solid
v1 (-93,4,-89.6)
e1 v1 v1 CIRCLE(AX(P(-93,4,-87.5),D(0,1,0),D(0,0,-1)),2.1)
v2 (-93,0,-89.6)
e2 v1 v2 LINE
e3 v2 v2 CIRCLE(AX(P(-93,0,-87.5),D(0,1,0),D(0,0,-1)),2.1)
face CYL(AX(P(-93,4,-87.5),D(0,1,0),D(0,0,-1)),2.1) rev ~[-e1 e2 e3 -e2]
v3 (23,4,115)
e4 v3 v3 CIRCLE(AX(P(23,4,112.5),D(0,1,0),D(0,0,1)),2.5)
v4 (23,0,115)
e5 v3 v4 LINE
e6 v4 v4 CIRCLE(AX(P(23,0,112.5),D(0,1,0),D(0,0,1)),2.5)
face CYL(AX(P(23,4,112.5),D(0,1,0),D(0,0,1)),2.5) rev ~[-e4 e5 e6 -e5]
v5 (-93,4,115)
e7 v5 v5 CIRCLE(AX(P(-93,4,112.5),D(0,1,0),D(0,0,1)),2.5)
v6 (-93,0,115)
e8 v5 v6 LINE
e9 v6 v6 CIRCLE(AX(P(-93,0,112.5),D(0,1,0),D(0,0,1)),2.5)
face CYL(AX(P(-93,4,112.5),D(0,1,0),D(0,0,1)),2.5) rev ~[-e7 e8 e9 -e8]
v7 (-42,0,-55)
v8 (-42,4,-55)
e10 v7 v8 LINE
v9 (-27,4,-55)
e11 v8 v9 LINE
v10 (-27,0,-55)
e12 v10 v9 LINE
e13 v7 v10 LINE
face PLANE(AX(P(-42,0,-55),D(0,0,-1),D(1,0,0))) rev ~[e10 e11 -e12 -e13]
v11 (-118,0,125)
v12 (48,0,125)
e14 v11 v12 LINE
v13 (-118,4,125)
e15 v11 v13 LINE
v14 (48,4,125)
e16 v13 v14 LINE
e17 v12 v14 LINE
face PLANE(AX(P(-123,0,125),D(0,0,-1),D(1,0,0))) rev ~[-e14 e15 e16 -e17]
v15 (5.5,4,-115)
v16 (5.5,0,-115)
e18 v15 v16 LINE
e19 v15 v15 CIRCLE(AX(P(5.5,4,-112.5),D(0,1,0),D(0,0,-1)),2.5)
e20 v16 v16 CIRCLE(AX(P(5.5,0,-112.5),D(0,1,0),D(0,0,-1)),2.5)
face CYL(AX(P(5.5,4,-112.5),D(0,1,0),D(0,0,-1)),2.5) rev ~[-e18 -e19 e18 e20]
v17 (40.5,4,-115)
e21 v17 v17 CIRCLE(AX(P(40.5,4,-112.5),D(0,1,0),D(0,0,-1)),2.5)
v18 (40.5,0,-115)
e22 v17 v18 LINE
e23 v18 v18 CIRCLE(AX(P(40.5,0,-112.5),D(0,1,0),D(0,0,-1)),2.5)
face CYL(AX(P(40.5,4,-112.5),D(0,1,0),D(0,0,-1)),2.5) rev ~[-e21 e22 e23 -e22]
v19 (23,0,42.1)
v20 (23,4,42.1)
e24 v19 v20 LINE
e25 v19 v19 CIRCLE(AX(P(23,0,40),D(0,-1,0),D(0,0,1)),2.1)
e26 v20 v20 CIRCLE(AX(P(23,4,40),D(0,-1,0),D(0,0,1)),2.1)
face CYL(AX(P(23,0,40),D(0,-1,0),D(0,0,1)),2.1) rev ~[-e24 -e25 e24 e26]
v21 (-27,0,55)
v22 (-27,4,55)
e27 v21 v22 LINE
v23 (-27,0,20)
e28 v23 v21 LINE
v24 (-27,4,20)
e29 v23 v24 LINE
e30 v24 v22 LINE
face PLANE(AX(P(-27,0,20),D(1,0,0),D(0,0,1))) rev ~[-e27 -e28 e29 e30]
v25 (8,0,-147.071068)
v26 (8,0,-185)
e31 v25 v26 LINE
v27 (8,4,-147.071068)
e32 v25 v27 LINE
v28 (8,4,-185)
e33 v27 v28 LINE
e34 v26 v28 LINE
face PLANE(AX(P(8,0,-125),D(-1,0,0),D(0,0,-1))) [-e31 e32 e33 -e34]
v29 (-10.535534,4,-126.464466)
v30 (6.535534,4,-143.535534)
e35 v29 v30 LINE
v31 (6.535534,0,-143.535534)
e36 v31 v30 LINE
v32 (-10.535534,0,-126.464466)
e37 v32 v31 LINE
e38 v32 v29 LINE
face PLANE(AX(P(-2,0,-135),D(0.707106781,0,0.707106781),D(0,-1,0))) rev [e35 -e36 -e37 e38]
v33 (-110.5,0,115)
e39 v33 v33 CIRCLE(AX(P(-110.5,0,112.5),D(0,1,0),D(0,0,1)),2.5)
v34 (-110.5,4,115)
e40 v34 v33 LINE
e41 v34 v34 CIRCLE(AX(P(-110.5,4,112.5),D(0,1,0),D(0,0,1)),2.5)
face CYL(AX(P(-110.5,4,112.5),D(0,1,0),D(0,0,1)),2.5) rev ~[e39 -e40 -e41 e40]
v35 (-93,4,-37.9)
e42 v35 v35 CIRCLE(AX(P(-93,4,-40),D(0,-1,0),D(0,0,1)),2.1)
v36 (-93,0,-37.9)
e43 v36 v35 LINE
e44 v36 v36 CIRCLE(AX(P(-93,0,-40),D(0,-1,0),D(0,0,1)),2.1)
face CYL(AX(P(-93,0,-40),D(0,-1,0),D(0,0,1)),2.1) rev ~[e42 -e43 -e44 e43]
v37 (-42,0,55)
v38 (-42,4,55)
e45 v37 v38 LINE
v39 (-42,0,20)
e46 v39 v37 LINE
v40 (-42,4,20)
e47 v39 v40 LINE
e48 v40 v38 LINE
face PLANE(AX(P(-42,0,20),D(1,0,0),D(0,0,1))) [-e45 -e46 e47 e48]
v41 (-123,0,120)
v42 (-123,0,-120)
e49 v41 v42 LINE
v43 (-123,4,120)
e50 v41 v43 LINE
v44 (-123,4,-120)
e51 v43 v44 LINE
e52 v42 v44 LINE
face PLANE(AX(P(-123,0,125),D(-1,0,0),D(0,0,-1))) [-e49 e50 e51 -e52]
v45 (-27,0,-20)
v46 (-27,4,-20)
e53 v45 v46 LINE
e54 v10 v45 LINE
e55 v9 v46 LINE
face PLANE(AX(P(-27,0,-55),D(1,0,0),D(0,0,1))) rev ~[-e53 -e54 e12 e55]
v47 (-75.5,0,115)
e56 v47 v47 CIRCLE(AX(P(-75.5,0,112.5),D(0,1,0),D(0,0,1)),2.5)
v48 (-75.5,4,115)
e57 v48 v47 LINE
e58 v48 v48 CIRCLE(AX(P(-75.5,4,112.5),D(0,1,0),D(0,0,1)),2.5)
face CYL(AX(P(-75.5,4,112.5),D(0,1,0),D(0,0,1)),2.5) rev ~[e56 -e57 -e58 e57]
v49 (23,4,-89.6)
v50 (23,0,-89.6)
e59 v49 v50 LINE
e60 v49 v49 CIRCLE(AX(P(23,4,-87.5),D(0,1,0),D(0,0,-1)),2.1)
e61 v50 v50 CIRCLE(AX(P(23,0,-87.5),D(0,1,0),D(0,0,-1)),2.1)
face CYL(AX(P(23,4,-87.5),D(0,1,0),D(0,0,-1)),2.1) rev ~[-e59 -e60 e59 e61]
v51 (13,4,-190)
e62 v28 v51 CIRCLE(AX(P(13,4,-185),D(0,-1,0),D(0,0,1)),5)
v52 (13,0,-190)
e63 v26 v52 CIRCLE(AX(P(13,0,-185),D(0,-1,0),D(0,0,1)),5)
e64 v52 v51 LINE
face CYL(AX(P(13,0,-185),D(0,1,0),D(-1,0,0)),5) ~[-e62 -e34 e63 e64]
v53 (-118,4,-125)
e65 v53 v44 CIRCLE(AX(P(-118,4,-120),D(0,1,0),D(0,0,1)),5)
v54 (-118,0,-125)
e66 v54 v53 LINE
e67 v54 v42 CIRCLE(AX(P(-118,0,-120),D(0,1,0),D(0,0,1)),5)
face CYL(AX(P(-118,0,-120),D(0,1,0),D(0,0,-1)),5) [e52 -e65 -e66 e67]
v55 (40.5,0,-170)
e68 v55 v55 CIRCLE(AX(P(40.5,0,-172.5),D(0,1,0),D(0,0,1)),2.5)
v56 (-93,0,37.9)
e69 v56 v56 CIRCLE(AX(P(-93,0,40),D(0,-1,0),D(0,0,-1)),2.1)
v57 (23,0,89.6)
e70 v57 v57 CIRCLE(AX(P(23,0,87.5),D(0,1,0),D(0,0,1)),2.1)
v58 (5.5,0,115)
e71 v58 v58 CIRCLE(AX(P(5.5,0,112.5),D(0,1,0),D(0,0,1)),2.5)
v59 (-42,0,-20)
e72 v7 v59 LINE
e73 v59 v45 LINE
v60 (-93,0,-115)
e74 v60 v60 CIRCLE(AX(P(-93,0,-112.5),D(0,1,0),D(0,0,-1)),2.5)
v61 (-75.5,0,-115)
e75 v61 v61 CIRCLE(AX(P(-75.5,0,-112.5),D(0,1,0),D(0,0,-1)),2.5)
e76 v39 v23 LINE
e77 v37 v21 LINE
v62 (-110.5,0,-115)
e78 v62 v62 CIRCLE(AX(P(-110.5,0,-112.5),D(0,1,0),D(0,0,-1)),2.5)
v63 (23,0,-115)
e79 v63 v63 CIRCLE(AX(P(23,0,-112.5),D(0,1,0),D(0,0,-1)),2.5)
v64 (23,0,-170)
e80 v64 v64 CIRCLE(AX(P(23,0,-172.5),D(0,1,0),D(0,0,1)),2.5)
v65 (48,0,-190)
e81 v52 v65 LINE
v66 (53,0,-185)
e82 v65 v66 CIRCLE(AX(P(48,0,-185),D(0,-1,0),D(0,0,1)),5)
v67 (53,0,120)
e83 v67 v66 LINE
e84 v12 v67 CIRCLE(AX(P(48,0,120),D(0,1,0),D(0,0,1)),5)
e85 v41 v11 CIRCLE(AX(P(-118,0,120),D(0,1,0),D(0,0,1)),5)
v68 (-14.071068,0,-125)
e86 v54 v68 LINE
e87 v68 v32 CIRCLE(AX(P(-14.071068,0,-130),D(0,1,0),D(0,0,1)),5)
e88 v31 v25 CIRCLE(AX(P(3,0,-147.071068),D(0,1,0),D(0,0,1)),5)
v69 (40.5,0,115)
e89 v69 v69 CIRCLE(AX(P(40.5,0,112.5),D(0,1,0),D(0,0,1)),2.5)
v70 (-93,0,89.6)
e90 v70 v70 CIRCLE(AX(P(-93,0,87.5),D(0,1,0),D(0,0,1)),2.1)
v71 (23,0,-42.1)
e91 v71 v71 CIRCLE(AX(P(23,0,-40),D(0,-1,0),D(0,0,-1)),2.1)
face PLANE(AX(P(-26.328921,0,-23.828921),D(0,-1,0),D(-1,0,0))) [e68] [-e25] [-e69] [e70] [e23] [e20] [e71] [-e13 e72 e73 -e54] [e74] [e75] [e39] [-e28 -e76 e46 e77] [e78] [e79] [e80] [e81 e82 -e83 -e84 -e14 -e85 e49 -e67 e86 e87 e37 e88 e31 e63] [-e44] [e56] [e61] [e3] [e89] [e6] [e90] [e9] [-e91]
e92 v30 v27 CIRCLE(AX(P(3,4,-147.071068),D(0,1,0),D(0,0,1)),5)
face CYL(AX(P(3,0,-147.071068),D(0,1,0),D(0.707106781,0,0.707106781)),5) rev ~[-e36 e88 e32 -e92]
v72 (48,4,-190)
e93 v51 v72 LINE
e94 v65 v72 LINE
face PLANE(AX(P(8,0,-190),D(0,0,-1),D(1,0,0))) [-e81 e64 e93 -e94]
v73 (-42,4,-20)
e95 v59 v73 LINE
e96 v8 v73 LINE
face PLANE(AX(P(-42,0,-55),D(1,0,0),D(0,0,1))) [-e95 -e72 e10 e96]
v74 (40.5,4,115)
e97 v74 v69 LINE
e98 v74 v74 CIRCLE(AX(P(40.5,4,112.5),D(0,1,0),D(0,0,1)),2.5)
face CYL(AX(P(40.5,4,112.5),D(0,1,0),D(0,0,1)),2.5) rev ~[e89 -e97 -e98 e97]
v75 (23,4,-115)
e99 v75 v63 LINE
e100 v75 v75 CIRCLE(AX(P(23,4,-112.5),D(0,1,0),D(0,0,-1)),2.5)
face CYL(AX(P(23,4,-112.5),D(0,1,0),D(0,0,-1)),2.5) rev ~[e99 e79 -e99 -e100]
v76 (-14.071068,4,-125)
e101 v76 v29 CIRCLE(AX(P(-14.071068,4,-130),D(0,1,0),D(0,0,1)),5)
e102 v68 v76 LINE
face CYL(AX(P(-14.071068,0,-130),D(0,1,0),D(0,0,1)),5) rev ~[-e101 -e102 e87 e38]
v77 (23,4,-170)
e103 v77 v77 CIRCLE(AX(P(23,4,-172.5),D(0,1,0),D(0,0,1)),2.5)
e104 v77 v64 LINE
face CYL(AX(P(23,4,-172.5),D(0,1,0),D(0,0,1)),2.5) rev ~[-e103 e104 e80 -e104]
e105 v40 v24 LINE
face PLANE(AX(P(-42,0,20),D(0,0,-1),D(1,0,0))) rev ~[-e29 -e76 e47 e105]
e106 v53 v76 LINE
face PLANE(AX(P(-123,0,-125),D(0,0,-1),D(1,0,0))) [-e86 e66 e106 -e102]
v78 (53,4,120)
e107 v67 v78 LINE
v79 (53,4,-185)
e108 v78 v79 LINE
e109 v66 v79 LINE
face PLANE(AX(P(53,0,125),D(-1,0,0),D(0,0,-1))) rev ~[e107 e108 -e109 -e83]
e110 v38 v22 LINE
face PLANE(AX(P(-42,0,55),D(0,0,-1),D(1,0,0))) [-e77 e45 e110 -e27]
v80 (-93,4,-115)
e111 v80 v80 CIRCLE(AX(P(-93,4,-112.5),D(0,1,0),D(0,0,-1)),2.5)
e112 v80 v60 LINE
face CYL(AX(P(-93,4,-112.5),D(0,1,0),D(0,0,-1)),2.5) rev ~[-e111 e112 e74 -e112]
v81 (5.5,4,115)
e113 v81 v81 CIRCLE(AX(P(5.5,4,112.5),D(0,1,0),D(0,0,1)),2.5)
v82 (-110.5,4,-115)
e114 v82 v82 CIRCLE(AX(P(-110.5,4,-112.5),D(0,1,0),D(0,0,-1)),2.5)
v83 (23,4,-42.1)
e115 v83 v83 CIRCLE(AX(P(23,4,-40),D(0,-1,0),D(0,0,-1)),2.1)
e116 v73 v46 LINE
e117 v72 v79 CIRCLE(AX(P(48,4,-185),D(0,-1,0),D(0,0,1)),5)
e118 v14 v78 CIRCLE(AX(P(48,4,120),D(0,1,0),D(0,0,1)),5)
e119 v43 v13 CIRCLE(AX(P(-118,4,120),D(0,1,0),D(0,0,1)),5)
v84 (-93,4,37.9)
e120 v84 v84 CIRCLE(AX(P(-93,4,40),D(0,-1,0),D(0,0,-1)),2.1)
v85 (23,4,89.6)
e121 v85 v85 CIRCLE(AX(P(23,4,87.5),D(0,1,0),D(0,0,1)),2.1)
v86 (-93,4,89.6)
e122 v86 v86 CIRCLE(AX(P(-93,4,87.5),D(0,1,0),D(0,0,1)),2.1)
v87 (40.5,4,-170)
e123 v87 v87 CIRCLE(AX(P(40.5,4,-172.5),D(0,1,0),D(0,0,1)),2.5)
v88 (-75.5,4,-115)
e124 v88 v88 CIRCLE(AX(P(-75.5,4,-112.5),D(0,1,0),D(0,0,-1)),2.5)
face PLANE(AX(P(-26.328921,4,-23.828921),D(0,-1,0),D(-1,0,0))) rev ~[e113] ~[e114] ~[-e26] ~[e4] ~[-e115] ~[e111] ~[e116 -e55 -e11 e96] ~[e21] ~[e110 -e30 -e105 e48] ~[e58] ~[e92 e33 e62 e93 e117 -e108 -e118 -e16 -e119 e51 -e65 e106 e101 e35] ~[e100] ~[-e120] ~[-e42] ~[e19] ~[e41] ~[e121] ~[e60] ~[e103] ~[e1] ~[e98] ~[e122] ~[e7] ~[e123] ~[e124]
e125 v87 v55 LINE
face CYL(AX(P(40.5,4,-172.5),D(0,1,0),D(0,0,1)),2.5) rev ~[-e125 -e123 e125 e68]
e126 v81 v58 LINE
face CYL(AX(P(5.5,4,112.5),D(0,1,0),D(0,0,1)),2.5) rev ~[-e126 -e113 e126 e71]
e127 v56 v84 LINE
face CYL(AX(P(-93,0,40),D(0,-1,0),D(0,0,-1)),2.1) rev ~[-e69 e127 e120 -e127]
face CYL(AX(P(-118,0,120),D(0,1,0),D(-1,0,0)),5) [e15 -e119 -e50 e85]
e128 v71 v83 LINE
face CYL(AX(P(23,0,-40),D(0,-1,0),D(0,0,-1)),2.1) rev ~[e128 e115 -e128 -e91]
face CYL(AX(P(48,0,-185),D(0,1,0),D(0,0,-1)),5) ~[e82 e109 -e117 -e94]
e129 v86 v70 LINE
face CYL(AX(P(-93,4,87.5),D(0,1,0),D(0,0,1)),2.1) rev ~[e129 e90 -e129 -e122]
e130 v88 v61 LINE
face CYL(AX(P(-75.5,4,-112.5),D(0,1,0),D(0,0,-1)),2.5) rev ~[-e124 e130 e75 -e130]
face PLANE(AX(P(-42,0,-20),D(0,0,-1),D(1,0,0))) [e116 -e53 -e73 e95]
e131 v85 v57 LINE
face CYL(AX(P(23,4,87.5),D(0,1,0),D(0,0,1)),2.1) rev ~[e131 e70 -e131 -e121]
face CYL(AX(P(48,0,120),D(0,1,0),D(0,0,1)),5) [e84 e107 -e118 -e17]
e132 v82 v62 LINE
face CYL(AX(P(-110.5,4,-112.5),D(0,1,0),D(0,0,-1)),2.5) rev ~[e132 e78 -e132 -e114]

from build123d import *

# Parameters (mm, degrees)
BOSS_EXTRUDE1_DEPTH = 4
SKETCH2_R           = 2.5
SKETCH2_R_2         = 2.1
CUT_EXTRUDE1_DEPTH  = 227.373585031
SKETCH3_W           = 15
SKETCH3_H           = 35
CUT_EXTRUDE2_DEPTH  = 227.373585031
SKETCH4_R           = 2.1
CUT_EXTRUDE3_DEPTH  = 10
CHAMFER1_SIZE       = 20
FILLET1_R           = 5


with BuildPart() as part:
    # Sketch1 → Boss-Extrude1 (new body)
    with BuildSketch(Plane(origin=(0, 0, 0), x_dir=(1, 0, 0), z_dir=(0, 1, 0))):
        Polygon((-123, 125), (8, 125), (8, 190), (53, 190), (53, 125), (53, -125), (-53, -125), (-123, -125), align=None)
    extrude(amount=BOSS_EXTRUDE1_DEPTH)

    # Sketch2 → Cut-Extrude1 (cut, through all)
    with BuildSketch(Plane(origin=(0, 4, 0), x_dir=(1, 0, 0), z_dir=(0, 1, 0))):
        with Locations(Location((-110.5, -112.5, 0), (0, 0, 270))):
            Circle(SKETCH2_R)
        with Locations(Location((-75.5, -112.5, 0), (0, 0, 270))):
            Circle(SKETCH2_R)
        with Locations(Location((-93, -112.5, 0), (0, 0, 270))):
            Circle(SKETCH2_R)
        with Locations(Location((-93, -87.5, 0), (0, 0, 270))):
            Circle(SKETCH2_R_2)
        with Locations(Location((5.5, -112.5, 0), (0, 0, 270))):
            Circle(SKETCH2_R)
        with Locations(Location((23, -112.5, 0), (0, 0, 270))):
            Circle(SKETCH2_R)
        with Locations(Location((40.5, -112.5, 0), (0, 0, 270))):
            Circle(SKETCH2_R)
        with Locations(Location((23, -87.5, 0), (0, 0, 270))):
            Circle(SKETCH2_R_2)
        with Locations(Location((23, 87.5, 0), (0, 0, 90))):
            Circle(SKETCH2_R_2)
        with Locations(Location((40.5, 112.5, 0), (0, 0, 90))):
            Circle(SKETCH2_R)
        with Locations(Location((23, 112.5, 0), (0, 0, 90))):
            Circle(SKETCH2_R)
        with Locations(Location((5.5, 112.5, 0), (0, 0, 90))):
            Circle(SKETCH2_R)
        with Locations(Location((-93, 87.5, 0), (0, 0, 90))):
            Circle(SKETCH2_R_2)
        with Locations(Location((-93, 112.5, 0), (0, 0, 90))):
            Circle(SKETCH2_R)
        with Locations(Location((-75.5, 112.5, 0), (0, 0, 90))):
            Circle(SKETCH2_R)
        with Locations(Location((-110.5, 112.5, 0), (0, 0, 90))):
            Circle(SKETCH2_R)
        with Locations(Location((40.5, 172.5, 0), (0, 0, 270))):
            Circle(SKETCH2_R)
        with Locations(Location((23, 172.5, 0), (0, 0, 270))):
            Circle(SKETCH2_R)
    extrude(amount=-CUT_EXTRUDE1_DEPTH, mode=Mode.SUBTRACT)

    # Sketch3 → Cut-Extrude2 (cut, through all)
    with BuildSketch(Plane.XZ):
        with Locations((-34.5, 37.5)):
            Rectangle(SKETCH3_W, SKETCH3_H)
        with Locations((-34.5, -37.5)):
            Rectangle(SKETCH3_W, SKETCH3_H)
    extrude(amount=-CUT_EXTRUDE2_DEPTH, mode=Mode.SUBTRACT)

    # Sketch4 → Cut-Extrude3 (cut)
    with BuildSketch(Plane.XZ):
        with Locations(Location((-93, 40, 0), (0, 0, 270))):
            Circle(SKETCH4_R)
        with Locations(Location((-93, -40, 0), (0, 0, 90))):
            Circle(SKETCH4_R)
        with Locations(Location((23, -40, 0), (0, 0, 270))):
            Circle(SKETCH4_R)
        with Locations(Location((23, 40, 0), (0, 0, 90))):
            Circle(SKETCH4_R)
    extrude(amount=-CUT_EXTRUDE3_DEPTH, mode=Mode.SUBTRACT)

    # Chamfer1
    chamfer1_edges = [part.edges().sort_by_distance(p)[0] for p in [
        (8, 2, -125),
    ]]
    chamfer(chamfer1_edges, length=CHAMFER1_SIZE)

    # Fillet1
    fillet1_edges = [part.edges().sort_by_distance(p)[0] for p in [
        (-123, 2, -125),
        (8, 2, -190),
        (53, 2, -190),
        (53, 2, 125),
        (-123, 2, 125),
        (-12, 2, -125),
        (8, 2, -145),
    ]]
    fillet(fillet1_edges, radius=FILLET1_R)


solid = part.part
